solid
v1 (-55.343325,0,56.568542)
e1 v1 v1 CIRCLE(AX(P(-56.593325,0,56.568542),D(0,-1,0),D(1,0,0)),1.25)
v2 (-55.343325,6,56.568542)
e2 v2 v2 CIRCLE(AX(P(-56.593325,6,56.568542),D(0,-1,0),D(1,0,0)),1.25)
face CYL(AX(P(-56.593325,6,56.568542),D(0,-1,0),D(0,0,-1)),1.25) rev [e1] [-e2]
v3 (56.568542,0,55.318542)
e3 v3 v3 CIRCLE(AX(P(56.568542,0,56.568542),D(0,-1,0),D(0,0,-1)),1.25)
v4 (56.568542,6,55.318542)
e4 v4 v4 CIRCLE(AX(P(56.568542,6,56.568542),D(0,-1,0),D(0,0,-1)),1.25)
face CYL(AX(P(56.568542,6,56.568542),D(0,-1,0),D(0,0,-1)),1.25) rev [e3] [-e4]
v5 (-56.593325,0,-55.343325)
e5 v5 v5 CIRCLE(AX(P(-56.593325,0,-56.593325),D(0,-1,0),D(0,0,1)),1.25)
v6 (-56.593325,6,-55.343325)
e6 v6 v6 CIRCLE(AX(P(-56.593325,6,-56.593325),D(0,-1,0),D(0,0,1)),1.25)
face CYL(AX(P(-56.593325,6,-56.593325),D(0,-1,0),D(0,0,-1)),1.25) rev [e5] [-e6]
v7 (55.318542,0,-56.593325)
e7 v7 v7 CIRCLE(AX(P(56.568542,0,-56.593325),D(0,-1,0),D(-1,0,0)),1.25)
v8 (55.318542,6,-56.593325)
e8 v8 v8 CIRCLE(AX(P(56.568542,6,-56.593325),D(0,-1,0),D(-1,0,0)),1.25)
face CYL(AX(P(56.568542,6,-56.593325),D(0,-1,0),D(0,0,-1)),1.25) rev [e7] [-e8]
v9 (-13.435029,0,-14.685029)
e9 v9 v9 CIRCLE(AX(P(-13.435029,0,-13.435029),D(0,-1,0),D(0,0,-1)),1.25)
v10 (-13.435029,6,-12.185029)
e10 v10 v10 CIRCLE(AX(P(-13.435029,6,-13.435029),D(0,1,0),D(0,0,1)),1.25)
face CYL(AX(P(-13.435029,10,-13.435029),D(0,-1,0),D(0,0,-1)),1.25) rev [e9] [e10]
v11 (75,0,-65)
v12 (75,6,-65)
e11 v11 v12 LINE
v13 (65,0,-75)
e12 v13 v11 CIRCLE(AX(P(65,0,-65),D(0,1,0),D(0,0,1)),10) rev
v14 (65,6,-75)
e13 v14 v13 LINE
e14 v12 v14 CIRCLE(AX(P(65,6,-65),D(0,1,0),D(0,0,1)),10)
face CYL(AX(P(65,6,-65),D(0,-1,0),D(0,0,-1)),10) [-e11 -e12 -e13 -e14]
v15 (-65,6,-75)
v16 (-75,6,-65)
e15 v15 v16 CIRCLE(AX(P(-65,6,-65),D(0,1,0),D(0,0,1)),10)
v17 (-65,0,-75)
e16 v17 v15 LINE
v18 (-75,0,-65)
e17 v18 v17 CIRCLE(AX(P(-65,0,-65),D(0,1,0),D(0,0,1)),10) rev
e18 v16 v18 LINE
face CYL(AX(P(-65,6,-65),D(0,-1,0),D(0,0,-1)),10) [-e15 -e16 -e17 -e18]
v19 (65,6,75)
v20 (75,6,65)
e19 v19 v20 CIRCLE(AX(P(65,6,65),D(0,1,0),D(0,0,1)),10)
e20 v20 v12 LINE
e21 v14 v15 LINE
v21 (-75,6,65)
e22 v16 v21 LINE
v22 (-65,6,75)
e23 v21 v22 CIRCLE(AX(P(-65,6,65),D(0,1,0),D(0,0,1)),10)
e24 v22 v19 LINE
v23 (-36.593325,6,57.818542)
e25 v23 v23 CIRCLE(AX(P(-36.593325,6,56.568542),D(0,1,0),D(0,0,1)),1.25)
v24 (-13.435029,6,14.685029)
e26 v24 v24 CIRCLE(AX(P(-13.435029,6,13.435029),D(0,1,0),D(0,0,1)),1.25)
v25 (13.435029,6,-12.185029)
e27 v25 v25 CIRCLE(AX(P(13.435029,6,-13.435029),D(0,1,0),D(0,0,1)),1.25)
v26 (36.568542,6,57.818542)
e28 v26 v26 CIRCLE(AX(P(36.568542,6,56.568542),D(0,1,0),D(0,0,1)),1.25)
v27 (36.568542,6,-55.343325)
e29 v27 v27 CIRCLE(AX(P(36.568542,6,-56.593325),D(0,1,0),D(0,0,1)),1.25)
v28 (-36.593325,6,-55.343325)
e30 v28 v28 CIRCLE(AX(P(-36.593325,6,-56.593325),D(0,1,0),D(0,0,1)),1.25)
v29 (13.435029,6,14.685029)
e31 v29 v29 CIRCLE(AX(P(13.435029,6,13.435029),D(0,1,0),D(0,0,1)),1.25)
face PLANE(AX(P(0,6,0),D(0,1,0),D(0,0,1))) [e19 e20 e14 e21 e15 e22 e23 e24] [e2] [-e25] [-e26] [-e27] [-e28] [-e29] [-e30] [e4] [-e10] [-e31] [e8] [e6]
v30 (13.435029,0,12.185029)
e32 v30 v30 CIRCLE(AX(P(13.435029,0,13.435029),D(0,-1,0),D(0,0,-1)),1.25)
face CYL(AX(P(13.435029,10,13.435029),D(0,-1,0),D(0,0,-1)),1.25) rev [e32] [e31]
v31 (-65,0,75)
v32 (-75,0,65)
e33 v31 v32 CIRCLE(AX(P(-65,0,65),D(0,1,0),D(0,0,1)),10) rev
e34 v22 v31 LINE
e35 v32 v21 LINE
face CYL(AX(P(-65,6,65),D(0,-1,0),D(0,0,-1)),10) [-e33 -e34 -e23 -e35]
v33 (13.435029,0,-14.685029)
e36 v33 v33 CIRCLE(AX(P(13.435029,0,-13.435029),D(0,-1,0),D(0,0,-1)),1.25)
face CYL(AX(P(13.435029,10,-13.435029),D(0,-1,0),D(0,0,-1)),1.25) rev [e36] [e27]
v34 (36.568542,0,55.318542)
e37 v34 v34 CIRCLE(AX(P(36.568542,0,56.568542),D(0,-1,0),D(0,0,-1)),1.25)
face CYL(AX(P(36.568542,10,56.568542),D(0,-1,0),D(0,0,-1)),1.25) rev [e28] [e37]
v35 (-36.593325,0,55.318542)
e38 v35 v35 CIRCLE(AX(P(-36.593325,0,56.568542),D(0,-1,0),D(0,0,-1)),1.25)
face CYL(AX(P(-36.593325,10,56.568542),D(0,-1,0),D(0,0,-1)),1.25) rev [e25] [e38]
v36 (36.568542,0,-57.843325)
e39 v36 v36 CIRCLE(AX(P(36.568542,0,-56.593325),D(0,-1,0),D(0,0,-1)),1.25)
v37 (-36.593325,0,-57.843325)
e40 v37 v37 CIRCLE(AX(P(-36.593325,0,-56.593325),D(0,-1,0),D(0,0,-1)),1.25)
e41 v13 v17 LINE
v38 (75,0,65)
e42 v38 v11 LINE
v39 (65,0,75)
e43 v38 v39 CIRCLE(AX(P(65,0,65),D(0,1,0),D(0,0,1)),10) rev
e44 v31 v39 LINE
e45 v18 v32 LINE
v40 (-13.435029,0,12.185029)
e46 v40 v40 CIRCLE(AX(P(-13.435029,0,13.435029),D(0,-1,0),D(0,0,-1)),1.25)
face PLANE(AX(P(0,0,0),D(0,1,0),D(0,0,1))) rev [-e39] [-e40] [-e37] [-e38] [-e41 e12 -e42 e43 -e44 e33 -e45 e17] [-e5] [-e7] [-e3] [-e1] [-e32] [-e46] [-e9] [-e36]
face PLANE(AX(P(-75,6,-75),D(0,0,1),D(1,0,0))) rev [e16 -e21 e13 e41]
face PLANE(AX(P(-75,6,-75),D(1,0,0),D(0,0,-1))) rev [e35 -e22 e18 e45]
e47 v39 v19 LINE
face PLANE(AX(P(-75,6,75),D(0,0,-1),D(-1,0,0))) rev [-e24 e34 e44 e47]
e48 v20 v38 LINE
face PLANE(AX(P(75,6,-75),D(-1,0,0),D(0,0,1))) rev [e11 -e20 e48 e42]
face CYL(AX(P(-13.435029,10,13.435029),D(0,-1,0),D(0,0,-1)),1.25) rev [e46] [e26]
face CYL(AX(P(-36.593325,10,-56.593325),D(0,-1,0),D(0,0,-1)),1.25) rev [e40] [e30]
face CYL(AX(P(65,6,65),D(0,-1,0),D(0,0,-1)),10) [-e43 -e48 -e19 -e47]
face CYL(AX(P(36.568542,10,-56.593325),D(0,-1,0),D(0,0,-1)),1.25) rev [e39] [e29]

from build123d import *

# Parameters (mm, degrees)
SKETCH_1_W               = 150
SKETCH_1_H               = 150
EXTRUDE_1_DEPTH          = 6
FILLET_1_R               = 10
SKETCH_3_R               = 1.25
CUT_EXTRUDE_4_DEPTH      = 107.235587258
PATTERN_CIRCULAR_2_COUNT = 4
SKETCH_7_R               = 1.25
CUT_EXTRUDE_11_DEPTH     = 10
SKETCH_9_R               = 1.25
CUT_EXTRUDE_12_DEPTH     = 10


with BuildPart() as part:
    # 草图1 → 凸台-拉伸1 (new body)
    with BuildSketch(Plane(origin=(0, 0, 0), x_dir=(1, 0, 0), z_dir=(0, 1, 0))):
        Rectangle(SKETCH_1_W, SKETCH_1_H)
    extrude(amount=EXTRUDE_1_DEPTH)

    # 圆角1
    fillet_1_edges = [part.edges().sort_by_distance(p)[0] for p in [
        (75, 3, 75),
        (-75, 3, 75),
        (-75, 3, -75),
        (75, 3, -75),
    ]]
    fillet(fillet_1_edges, radius=FILLET_1_R)

    # 草图3 → 切除-拉伸4 (cut, through all)
    with BuildSketch(Plane.XZ):
        with Locations(Location((56.568542495, 56.568542495, 0), (0, 0, 270))):
            Circle(SKETCH_3_R)
    cut_extrude_4 = extrude(amount=-CUT_EXTRUDE_4_DEPTH, mode=Mode.SUBTRACT)

    # 阵列(圆周)2: 切除-拉伸4 ×4 about axis
    pattern_circular_2_axis = Axis((-0.01239132, 0, -0.01239132), (0, 1, 0))
    for i in range(1, PATTERN_CIRCULAR_2_COUNT):
        add(cut_extrude_4.rotate(pattern_circular_2_axis, i * 360 / PATTERN_CIRCULAR_2_COUNT), mode=Mode.SUBTRACT)

    # 草图7 → 切除-拉伸11 (cut)
    with BuildSketch(Plane.XZ):
        with Locations(Location((-36.593325134, -56.593325134, 0), (0, 0, 270))):
            Circle(SKETCH_7_R)
        with Locations(Location((36.568542495, -56.593325134, 0), (0, 0, 270))):
            Circle(SKETCH_7_R)
        with Locations(Location((-36.593325134, 56.568542495, 0), (0, 0, 270))):
            Circle(SKETCH_7_R)
        with Locations(Location((36.568542495, 56.568542495, 0), (0, 0, 270))):
            Circle(SKETCH_7_R)
    extrude(amount=-CUT_EXTRUDE_11_DEPTH, mode=Mode.SUBTRACT)

    # 草图9 → 切除-拉伸12 (cut)
    with BuildSketch(Plane.XZ):
        with Locations(Location((13.435028843, 13.435028843, 0), (0, 0, 270))):
            Circle(SKETCH_9_R)
        with Locations(Location((13.435028843, -13.435028843, 0), (0, 0, 270))):
            Circle(SKETCH_9_R)
        with Locations(Location((-13.435028843, -13.435028843, 0), (0, 0, 270))):
            Circle(SKETCH_9_R)
        with Locations(Location((-13.435028843, 13.435028843, 0), (0, 0, 270))):
            Circle(SKETCH_9_R)
    extrude(amount=-CUT_EXTRUDE_12_DEPTH, mode=Mode.SUBTRACT)


solid = part.part
